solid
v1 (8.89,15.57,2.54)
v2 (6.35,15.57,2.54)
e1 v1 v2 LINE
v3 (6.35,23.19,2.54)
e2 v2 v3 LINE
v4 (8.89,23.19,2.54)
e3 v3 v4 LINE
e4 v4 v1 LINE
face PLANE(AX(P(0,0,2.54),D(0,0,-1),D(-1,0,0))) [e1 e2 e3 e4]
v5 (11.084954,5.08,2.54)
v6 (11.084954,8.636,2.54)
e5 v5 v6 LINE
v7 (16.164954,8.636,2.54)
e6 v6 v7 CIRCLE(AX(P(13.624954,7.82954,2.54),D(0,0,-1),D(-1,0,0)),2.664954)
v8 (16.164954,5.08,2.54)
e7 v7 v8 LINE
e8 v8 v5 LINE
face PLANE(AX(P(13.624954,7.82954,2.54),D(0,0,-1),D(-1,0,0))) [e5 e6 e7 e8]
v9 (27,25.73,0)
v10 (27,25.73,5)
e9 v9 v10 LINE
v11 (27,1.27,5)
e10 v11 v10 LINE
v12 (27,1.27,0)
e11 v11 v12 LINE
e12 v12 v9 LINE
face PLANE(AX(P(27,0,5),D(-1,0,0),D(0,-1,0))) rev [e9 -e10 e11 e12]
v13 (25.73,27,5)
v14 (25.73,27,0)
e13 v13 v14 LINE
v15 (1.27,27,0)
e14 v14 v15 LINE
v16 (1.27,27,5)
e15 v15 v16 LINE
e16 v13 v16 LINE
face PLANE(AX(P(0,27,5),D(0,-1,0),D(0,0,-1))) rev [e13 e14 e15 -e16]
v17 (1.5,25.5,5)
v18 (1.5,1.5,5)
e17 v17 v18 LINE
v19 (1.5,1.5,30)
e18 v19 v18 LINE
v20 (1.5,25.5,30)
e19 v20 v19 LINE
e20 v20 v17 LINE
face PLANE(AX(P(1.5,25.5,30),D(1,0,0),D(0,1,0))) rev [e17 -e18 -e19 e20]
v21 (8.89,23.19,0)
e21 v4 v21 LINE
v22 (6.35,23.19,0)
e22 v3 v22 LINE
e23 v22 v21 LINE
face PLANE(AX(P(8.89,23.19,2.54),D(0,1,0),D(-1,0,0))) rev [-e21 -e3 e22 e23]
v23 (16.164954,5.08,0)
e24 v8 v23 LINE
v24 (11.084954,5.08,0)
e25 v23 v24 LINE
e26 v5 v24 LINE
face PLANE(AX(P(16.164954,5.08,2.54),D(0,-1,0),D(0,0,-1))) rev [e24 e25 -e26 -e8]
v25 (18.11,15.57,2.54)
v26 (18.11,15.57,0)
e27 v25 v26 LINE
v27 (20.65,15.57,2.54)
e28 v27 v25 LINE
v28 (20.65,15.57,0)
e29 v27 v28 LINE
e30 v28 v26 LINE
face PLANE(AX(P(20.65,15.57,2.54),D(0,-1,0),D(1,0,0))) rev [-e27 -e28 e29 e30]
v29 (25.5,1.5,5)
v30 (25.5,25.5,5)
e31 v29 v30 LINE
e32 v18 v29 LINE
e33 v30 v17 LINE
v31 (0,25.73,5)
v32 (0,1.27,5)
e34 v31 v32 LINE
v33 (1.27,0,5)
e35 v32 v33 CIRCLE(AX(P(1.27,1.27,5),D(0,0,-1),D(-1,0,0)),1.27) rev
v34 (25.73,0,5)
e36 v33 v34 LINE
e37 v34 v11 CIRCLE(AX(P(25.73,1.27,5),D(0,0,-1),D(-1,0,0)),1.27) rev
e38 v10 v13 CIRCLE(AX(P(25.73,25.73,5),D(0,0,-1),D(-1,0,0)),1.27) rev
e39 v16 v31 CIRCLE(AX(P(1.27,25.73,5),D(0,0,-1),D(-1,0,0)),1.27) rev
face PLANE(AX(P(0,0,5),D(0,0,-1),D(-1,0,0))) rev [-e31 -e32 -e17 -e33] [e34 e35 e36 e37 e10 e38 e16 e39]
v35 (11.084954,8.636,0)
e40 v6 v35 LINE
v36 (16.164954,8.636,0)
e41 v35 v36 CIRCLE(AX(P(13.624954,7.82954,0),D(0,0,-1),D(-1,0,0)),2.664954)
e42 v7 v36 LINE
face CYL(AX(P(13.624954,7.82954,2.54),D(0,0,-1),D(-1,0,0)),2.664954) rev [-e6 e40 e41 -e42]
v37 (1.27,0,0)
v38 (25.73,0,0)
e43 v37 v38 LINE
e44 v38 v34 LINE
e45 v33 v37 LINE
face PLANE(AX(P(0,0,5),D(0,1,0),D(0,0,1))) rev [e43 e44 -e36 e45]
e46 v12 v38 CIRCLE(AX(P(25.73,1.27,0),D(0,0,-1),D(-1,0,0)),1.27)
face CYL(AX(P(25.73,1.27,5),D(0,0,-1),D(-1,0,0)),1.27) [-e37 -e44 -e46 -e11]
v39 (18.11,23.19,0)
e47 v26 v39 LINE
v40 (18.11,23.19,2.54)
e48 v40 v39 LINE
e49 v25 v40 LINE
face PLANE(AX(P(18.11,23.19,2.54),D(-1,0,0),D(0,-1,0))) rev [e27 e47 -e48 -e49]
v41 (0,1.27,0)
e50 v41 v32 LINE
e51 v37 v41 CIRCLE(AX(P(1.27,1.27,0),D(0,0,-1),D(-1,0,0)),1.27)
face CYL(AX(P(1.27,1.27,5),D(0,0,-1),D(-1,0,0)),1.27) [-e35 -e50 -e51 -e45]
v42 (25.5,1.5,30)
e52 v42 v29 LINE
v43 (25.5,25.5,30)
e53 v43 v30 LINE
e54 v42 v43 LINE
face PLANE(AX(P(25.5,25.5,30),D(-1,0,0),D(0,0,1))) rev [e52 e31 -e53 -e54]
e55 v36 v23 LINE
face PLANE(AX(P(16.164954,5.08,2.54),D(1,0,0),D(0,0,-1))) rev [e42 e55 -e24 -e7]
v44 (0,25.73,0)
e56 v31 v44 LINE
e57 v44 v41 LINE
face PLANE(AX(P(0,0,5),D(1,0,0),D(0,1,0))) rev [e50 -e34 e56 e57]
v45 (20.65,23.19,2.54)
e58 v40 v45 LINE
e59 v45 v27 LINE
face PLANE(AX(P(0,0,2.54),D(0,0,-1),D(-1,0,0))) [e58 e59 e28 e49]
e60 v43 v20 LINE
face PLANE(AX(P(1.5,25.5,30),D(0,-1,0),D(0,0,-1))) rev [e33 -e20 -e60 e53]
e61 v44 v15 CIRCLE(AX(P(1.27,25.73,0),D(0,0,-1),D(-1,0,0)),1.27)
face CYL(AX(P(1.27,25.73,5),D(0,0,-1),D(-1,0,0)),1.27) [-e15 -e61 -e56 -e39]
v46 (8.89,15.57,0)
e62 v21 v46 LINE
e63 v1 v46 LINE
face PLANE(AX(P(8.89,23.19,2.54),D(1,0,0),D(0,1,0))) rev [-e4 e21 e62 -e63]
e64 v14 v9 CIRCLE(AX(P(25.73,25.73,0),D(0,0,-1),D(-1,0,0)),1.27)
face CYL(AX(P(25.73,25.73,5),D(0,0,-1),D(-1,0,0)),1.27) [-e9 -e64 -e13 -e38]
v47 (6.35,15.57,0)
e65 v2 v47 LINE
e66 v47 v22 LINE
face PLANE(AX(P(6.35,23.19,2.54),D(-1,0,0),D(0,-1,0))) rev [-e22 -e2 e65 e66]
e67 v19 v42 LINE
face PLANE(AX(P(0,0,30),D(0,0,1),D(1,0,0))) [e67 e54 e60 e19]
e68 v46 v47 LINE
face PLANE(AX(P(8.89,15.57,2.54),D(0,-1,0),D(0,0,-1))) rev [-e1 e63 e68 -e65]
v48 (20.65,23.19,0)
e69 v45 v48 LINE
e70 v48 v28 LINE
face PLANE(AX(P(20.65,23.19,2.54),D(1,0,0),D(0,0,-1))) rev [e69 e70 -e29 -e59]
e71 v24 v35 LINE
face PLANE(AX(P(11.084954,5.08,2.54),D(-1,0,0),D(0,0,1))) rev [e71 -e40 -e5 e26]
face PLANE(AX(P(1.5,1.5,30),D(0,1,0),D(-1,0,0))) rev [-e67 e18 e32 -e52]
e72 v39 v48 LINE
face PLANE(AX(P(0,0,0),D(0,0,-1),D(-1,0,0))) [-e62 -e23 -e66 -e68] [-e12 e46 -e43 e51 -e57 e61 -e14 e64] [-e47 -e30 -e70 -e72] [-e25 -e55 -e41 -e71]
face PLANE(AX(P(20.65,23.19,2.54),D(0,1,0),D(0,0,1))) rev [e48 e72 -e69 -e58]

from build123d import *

# Parameters (mm, degrees)
SKETCH1_W           = 27
SKETCH1_H           = 27
BOSS_EXTRUDE1_DEPTH = 5
SKETCH2_W           = 24
SKETCH2_H           = 24
BOSS_EXTRUDE2_DEPTH = 25
FILLET1_R           = 1.27
SKETCH3_W           = 2.54
SKETCH3_H           = 7.62
CUT_EXTRUDE1_DEPTH  = 2.54


with BuildPart() as part:
    # Sketch1 → Boss-Extrude1 (new body)
    with BuildSketch(Plane.XY):
        with Locations((13.5, 13.5)):
            Rectangle(SKETCH1_W, SKETCH1_H)
    extrude(amount=BOSS_EXTRUDE1_DEPTH)

    # Sketch2 → Boss-Extrude2 (add)
    with BuildSketch(Plane.XY.offset(5)):
        with Locations((13.5, 13.5)):
            Rectangle(SKETCH2_W, SKETCH2_H)
    extrude(amount=BOSS_EXTRUDE2_DEPTH)

    # Fillet1
    fillet1_edges = [part.edges().sort_by_distance(p)[0] for p in [
        (0, 27, 2.5),
        (27, 27, 2.5),
        (27, 0, 2.5),
        (0, 0, 2.5),
    ]]
    fillet(fillet1_edges, radius=FILLET1_R)

    # Sketch3 → Cut-Extrude1 (cut)
    with BuildSketch(Plane(origin=(0, 0, 0), x_dir=(-1, 0, 0), z_dir=(0, 0, -1))):
        with Locations((-19.38, 19.38)):
            Rectangle(SKETCH3_W, SKETCH3_H)
        with Locations((-7.62, 19.38)):
            Rectangle(SKETCH3_W, SKETCH3_H)
        with BuildLine():
            Line((-16.164953657, 5.08), (-16.164953657, 8.636))
            ThreePointArc((-16.164953657, 8.636), (-13.624953657, 10.494493494), (-11.084953657, 8.636))
            Line((-11.084953657, 8.636), (-11.084953657, 5.08))
            Line((-11.084953657, 5.08), (-16.164953657, 5.08))
        make_face()
    extrude(amount=-CUT_EXTRUDE1_DEPTH, mode=Mode.SUBTRACT)


solid = part.part
